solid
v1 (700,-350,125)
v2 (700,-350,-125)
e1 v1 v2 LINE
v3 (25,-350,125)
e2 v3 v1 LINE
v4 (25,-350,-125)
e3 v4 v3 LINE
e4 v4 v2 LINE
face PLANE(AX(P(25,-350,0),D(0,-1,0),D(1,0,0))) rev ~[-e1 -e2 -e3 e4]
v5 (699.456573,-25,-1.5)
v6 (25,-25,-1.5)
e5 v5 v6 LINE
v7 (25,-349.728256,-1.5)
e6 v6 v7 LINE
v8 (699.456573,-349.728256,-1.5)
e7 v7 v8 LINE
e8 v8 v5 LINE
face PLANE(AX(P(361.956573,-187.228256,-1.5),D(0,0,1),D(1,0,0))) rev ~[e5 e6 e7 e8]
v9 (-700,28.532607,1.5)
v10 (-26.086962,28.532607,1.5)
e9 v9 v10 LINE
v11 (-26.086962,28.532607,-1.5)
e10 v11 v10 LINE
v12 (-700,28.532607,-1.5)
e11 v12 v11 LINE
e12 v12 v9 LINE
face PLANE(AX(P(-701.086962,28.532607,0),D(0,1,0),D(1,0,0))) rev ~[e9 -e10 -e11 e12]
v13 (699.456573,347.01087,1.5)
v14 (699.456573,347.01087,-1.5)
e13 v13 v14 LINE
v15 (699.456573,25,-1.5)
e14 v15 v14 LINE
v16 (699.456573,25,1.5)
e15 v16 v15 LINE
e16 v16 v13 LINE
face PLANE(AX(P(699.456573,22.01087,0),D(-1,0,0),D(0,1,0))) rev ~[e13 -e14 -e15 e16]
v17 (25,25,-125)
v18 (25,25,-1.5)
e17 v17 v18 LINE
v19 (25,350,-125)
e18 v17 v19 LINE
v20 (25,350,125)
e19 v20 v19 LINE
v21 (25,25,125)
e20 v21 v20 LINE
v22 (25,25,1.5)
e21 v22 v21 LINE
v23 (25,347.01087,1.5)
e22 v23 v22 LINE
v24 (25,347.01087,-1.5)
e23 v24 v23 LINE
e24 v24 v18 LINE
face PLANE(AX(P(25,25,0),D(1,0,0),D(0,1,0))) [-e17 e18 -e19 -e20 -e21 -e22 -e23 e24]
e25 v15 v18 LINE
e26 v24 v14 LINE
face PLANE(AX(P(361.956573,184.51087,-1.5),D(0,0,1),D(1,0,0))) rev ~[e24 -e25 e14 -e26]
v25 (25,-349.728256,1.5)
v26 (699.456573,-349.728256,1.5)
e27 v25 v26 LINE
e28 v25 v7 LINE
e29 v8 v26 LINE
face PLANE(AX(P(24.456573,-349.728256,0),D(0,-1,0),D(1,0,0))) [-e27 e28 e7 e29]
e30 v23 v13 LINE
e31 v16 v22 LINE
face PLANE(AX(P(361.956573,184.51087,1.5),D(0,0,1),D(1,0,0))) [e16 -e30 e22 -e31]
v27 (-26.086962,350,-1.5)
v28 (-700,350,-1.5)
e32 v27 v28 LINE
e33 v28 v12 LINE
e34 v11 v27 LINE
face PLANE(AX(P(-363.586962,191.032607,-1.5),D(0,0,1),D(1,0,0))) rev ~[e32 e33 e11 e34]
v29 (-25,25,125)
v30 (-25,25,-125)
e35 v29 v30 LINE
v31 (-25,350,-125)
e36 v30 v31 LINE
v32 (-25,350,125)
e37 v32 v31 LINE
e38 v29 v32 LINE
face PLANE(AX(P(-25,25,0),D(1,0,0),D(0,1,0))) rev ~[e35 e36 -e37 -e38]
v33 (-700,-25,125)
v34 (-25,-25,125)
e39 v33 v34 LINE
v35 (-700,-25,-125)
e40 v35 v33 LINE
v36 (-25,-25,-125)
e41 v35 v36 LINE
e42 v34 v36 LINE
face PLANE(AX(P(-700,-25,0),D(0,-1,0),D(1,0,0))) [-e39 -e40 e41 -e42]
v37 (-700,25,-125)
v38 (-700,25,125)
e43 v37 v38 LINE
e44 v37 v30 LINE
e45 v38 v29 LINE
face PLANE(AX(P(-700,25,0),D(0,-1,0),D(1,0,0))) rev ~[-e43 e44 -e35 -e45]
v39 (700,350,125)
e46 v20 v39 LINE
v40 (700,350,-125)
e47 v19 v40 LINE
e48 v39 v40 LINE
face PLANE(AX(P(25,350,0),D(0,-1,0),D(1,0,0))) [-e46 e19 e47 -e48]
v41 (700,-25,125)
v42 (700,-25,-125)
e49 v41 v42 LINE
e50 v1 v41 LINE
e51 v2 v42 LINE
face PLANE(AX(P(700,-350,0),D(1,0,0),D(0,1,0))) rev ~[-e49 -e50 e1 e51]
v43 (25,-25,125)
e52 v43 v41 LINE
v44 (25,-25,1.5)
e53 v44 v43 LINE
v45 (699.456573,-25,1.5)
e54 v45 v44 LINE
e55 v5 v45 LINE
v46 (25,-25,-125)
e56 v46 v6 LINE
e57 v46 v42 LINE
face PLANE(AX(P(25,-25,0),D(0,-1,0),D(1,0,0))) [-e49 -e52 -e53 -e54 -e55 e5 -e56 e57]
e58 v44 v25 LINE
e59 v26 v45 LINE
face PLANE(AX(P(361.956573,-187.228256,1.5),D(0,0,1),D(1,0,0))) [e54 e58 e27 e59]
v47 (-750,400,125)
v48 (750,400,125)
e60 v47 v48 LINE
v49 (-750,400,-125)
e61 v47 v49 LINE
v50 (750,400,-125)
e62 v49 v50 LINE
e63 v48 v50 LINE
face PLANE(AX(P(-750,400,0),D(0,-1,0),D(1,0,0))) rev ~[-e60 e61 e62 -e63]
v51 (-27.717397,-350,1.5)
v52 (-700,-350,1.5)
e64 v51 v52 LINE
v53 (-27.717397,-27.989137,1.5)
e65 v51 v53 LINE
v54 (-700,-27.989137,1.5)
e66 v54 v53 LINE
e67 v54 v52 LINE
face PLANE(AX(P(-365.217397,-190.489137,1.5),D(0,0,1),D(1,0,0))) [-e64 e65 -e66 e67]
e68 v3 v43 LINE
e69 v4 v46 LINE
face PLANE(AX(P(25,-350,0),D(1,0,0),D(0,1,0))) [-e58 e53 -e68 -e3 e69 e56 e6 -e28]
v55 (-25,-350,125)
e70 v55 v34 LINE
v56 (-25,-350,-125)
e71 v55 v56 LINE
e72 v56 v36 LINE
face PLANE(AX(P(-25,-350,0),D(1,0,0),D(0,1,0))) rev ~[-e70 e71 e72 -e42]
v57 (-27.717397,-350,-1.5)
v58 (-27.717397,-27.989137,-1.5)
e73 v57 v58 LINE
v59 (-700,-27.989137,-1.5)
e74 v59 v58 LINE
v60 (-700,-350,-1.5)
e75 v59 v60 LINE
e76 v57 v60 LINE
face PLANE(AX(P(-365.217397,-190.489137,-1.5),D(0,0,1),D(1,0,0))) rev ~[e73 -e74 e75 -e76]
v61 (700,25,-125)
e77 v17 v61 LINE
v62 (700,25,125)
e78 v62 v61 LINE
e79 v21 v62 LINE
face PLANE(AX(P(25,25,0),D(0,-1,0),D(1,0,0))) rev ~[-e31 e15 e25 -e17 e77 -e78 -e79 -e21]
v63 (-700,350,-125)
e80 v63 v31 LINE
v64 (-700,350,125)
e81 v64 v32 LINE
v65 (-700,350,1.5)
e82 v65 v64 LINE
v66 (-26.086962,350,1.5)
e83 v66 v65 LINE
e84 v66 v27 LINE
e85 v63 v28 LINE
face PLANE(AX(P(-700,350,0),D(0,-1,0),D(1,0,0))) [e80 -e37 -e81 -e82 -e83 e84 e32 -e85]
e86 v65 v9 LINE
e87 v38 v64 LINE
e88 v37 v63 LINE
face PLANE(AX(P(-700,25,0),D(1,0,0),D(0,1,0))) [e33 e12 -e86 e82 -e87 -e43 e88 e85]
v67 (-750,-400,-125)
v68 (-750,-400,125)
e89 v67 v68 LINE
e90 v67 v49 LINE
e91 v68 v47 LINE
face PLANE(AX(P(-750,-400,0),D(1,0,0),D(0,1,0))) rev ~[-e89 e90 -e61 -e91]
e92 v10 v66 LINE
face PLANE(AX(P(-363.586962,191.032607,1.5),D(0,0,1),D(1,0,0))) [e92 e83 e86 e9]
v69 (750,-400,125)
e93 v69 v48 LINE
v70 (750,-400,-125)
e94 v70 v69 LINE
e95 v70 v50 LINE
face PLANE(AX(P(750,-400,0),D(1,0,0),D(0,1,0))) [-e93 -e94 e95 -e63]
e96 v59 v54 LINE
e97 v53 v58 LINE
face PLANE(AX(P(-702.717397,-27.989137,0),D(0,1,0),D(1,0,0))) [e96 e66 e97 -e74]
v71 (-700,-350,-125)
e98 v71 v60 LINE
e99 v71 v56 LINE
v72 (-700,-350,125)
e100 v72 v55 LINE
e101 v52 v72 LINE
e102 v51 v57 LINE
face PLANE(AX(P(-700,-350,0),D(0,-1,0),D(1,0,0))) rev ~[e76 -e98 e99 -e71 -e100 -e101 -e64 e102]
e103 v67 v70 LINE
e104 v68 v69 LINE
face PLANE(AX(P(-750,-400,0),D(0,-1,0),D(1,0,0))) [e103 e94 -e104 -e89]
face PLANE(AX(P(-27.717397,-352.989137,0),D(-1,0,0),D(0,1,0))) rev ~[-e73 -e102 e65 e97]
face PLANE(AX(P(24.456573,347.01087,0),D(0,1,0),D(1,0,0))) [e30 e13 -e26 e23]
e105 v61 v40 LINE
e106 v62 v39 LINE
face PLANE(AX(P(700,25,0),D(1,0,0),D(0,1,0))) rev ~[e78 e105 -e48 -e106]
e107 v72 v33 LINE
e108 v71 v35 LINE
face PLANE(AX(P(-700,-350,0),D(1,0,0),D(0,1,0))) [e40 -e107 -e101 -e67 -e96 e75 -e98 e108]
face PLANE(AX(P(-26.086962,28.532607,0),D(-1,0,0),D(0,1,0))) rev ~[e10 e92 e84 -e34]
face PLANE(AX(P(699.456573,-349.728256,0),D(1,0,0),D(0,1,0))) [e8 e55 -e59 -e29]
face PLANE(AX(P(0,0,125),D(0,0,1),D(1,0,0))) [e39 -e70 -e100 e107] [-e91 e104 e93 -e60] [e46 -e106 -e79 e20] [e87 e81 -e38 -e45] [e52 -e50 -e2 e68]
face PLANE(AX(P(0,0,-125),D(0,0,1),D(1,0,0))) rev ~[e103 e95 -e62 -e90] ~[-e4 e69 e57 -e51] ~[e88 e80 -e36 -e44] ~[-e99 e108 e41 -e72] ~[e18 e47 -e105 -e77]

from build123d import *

# Parameters (mm, degrees)
F0_W     = 1500
F0_H     = 800
F0_W_2   = 675
F0_H_2   = 325
F1_DEPTH = 125
F2_W     = 675
F2_H     = 325
F3_DEPTH = 1.5


with BuildPart() as f1:
    # F0 (on Top) → F1 (new body, symmetric)
    with BuildSketch(Plane.XY):
        Rectangle(F0_W, F0_H)
        with Locations((-362.5, -187.5)):
            Rectangle(F0_W_2, F0_H_2, mode=Mode.SUBTRACT)
        with Locations((362.5, -187.5)):
            Rectangle(F0_W_2, F0_H_2, mode=Mode.SUBTRACT)
        with Locations((-362.5, 187.5)):
            Rectangle(F0_W_2, F0_H_2, mode=Mode.SUBTRACT)
        with Locations((362.5, 187.5)):
            Rectangle(F0_W_2, F0_H_2, mode=Mode.SUBTRACT)
    extrude(amount=F1_DEPTH, both=True)

    # F2 (on Top) → F3 (join, symmetric)
    with BuildSketch(Plane.XY):
        with Locations((-363.586962, 191.032607)):
            Rectangle(F2_W, F2_H)
        with Locations((361.956573, 184.51087)):
            Rectangle(F2_W, F2_H)
        with Locations((-365.217397, -190.489137)):
            Rectangle(F2_W, F2_H)
        with Locations((361.956573, -187.228256)):
            Rectangle(F2_W, F2_H)
    extrude(amount=F3_DEPTH, both=True)


solid = f1.part
